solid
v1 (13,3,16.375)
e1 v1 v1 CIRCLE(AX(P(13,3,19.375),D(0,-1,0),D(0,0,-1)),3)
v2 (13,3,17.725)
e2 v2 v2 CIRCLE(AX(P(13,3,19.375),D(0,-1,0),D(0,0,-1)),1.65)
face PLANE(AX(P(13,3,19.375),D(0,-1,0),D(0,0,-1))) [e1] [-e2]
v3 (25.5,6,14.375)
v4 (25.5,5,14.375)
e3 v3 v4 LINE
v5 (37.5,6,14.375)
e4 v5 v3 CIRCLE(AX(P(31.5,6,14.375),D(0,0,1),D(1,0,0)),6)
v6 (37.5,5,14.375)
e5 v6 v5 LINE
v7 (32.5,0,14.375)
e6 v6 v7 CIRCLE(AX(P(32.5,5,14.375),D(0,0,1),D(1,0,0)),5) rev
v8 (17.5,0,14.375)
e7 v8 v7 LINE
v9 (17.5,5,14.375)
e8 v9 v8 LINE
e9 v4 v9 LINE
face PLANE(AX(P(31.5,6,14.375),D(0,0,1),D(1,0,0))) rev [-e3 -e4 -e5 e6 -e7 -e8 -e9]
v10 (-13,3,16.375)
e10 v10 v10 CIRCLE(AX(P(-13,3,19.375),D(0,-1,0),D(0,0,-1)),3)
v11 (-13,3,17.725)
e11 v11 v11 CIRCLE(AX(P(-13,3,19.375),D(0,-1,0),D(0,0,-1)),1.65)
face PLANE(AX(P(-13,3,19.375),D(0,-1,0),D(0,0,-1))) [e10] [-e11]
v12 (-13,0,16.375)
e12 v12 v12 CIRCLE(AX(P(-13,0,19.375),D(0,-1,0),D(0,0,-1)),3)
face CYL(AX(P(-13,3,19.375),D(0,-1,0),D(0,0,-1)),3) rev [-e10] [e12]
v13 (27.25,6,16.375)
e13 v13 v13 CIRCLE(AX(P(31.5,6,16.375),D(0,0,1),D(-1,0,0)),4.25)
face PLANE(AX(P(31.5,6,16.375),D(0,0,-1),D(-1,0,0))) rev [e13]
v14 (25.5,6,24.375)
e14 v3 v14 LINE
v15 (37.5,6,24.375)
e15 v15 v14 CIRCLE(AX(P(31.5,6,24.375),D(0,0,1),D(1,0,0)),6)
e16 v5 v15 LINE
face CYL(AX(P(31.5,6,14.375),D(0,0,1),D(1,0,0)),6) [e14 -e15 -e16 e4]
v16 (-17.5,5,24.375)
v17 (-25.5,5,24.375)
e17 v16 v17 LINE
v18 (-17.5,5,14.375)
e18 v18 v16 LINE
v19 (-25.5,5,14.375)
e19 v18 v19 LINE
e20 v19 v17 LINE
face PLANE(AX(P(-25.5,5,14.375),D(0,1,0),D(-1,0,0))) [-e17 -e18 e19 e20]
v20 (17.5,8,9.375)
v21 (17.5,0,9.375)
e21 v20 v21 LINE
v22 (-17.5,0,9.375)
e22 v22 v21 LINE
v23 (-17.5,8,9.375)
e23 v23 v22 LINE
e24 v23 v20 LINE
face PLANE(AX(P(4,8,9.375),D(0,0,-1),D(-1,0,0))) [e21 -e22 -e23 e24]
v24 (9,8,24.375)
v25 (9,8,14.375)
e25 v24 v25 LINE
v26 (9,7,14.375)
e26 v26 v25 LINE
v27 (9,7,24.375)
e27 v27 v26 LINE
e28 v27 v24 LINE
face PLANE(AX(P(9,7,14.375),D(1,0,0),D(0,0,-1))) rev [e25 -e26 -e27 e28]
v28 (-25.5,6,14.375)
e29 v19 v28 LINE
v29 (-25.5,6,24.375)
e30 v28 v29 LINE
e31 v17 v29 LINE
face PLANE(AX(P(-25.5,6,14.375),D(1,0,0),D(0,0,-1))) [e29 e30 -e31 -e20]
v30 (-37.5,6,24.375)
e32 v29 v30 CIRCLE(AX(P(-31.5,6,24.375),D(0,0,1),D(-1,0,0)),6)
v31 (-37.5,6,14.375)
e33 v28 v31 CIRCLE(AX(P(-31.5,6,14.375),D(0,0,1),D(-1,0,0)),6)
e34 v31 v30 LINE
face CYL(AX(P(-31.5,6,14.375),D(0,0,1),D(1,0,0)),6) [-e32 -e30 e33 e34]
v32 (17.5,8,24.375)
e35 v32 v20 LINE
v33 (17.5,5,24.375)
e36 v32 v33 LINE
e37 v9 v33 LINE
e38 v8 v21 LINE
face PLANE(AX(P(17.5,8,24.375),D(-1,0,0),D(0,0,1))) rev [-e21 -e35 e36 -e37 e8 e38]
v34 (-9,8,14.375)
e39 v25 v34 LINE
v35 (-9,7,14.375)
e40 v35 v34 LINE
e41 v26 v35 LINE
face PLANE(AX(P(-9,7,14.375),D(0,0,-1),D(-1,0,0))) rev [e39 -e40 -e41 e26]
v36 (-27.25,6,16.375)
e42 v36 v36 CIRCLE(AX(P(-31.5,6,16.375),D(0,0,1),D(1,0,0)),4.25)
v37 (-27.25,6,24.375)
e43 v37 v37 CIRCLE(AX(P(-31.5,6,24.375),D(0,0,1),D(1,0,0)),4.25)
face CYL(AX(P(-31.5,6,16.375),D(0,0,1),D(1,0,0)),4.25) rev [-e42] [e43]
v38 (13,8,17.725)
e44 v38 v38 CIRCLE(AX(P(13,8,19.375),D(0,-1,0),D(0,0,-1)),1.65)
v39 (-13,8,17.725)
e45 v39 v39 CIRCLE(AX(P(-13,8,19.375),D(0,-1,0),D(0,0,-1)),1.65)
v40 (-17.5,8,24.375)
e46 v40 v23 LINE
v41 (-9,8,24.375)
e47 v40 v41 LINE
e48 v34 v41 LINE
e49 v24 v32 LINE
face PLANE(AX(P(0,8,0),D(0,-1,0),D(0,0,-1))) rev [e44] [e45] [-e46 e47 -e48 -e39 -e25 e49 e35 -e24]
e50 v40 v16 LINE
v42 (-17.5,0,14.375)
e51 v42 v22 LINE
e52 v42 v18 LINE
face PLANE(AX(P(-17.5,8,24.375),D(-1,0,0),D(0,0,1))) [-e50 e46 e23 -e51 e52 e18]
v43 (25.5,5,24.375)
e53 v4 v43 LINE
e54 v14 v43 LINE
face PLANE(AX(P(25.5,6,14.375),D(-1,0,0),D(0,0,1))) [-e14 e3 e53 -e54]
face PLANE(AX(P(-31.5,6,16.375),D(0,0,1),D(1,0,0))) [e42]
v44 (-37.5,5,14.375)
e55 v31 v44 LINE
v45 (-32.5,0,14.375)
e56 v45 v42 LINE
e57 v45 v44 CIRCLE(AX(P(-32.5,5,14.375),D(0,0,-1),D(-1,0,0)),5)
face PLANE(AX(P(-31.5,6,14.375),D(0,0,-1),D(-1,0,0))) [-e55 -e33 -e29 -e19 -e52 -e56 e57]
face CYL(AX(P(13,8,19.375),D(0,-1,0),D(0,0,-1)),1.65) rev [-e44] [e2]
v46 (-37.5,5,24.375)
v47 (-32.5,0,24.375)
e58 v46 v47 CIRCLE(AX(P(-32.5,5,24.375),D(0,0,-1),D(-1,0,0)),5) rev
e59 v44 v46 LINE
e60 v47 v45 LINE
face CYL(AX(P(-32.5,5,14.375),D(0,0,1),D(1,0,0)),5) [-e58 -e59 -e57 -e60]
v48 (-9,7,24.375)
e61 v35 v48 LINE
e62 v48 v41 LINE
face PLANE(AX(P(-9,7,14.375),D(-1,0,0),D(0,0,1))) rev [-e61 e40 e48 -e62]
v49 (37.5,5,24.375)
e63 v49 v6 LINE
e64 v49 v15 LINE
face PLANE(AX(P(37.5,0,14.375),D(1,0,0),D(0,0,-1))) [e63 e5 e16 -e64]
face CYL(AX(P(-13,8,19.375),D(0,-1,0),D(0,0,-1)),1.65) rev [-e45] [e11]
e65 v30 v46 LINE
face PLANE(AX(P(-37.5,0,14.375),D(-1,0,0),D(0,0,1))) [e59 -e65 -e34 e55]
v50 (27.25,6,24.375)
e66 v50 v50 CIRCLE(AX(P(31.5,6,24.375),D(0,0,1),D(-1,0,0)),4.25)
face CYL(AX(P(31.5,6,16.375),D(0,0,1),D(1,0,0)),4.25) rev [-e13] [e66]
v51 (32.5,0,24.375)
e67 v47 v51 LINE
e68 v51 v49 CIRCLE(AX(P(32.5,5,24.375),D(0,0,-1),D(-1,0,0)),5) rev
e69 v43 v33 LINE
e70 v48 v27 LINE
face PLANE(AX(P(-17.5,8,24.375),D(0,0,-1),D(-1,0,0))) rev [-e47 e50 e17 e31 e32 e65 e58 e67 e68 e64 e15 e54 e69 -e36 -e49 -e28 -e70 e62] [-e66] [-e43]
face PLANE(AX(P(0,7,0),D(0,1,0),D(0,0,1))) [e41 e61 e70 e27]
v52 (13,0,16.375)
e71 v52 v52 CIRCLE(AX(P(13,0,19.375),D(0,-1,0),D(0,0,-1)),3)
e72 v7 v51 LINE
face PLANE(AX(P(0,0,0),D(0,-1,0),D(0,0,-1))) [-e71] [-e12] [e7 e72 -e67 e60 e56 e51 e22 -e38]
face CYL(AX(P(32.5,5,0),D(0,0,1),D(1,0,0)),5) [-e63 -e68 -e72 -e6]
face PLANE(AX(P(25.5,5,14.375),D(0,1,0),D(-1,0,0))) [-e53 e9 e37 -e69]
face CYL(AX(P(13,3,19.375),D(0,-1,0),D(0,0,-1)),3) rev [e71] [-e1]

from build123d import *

# Parameters (mm, degrees)
SKETCH2_W           = 17
SKETCH2_H           = 2.75
BOSS_EXTRUDE1_DEPTH = 8
BOSS_EXTRUDE3_DEPTH = 8
SKETCH5_R           = 3
CUT_EXTRUDE1_DEPTH  = 3
SKETCH6_R           = 1.65
CUT_EXTRUDE2_DEPTH  = 8
FILLET14_R          = 2
FILLET15_R          = 2
FILLET16_R          = 2
SKETCH7_W           = 18
SKETCH7_H           = 10
CUT_EXTRUDE3_DEPTH  = 1
FILLET18_R          = 1.4
BOSS_EXTRUDE4_DEPTH = 10
SKETCH10_R          = 4.25
CUT_EXTRUDE4_DEPTH  = 8
FILLET17_R          = 2
FILLET19_R          = 5
SKETCH11_W          = 35
SKETCH11_H          = 13.55262527
CUT_EXTRUDE5_DEPTH  = 46.43556564


with BuildPart() as part:
    # Sketch2 → Boss-Extrude1 (new body)
    with BuildSketch(Plane(origin=(0, 0, 0), x_dir=(1, 0, 0), z_dir=(0, 1, 0))):
        Rectangle(SKETCH2_W, SKETCH2_H)
    extrude(amount=BOSS_EXTRUDE1_DEPTH)

    # Sketch3 → Boss-Extrude3 (add)
    with BuildSketch(Plane(origin=(0, 0, 0), x_dir=(1, 0, 0), z_dir=(0, 1, 0))):
        Polygon((4, -9.375), (17.5, -9.375), (17.5, -24.375), (-17.5, -24.375), (-17.5, -9.375), (-4, -9.375), (-4, -1.375), (4, -1.375), align=None)
    extrude(amount=BOSS_EXTRUDE3_DEPTH)

    # Sketch5 → Cut-Extrude1 (cut)
    with BuildSketch(Plane.XZ):
        with Locations(Location((13, 19.375, 0), (0, 0, 270))):
            Circle(SKETCH5_R)
        with Locations(Location((-13, 19.375, 0), (0, 0, 270))):
            Circle(SKETCH5_R)
    extrude(amount=-CUT_EXTRUDE1_DEPTH, mode=Mode.SUBTRACT)

    # Sketch6 → Cut-Extrude2 (cut)
    with BuildSketch(Plane.XZ):
        with Locations(Location((-13, 19.375, 0), (0, 0, 270))):
            Circle(SKETCH6_R)
        with Locations(Location((13, 19.375, 0), (0, 0, 270))):
            Circle(SKETCH6_R)
    extrude(amount=-CUT_EXTRUDE2_DEPTH, mode=Mode.SUBTRACT)

    # Fillet14
    fillet14_edges = [part.edges().sort_by_distance(p)[0] for p in [
        (-4, 4, 9.375),
    ]]
    fillet(fillet14_edges, radius=FILLET14_R)

    # Fillet15
    fillet15_edges = [part.edges().sort_by_distance(p)[0] for p in [
        (4, 4, 9.375),
    ]]
    fillet(fillet15_edges, radius=FILLET15_R)

    # Fillet16
    fillet16_edges = [part.edges().sort_by_distance(p)[0] for p in [
        (-4, 4, 1.375),
    ]]
    fillet(fillet16_edges, radius=FILLET16_R)

    # Sketch7 → Cut-Extrude3 (cut)
    with BuildSketch(Plane(origin=(0, 8, 0), x_dir=(1, 0, 0), z_dir=(0, 1, 0))):
        with Locations((0, -19.375)):
            Rectangle(SKETCH7_W, SKETCH7_H)
    extrude(amount=-CUT_EXTRUDE3_DEPTH, mode=Mode.SUBTRACT)

    # Fillet18
    fillet18_edges = [part.edges().sort_by_distance(p)[0] for p in [
        (8.5, 8, 0),
        (-8.5, 8, 0),
        (8.5, 0, 0),
        (-8.5, 0, 0),
    ]]
    fillet(fillet18_edges, radius=FILLET18_R)

    # Sketch9 → Boss-Extrude4 (add)
    with BuildSketch(Plane.XY.offset(24.375)):
        with BuildLine():
            Line((-17.5, 0), (-37.5, 0))
            Line((-37.5, 0), (-37.5, 6))
            ThreePointArc((-37.5, 6), (-31.5, 12), (-25.5, 6))
            Line((-25.5, 6), (-25.5, 5))
            Line((-25.5, 5), (-17.5, 5))
            Line((-17.5, 5), (-17.5, 0))
        make_face()
        with BuildLine():
            Line((25.5, 6), (25.5, 5))
            Line((25.5, 5), (17.5, 5))
            Line((17.5, 5), (17.5, 0))
            Line((17.5, 0), (37.5, 0))
            Line((37.5, 0), (37.5, 6))
            ThreePointArc((37.5, 6), (31.5, 12), (25.5, 6))
        make_face()
    extrude(amount=-BOSS_EXTRUDE4_DEPTH)

    # Sketch10 → Cut-Extrude4 (cut)
    with BuildSketch(Plane.XY.offset(24.375)):
        with Locations((-31.5, 6)):
            Circle(SKETCH10_R)
        with Locations(Location((31.5, 6, 0), (0, 0, 180))):
            Circle(SKETCH10_R)
    extrude(amount=-CUT_EXTRUDE4_DEPTH, mode=Mode.SUBTRACT)

    # Fillet17
    fillet17_edges = [part.edges().sort_by_distance(p)[0] for p in [
        (4, 4, 1.375),
    ]]
    fillet(fillet17_edges, radius=FILLET17_R)

    # Fillet19
    fillet19_edges = [part.edges().sort_by_distance(p)[0] for p in [
        (-37.5, 0, 19.375),
        (37.5, 0, 19.375),
    ]]
    fillet(fillet19_edges, radius=FILLET19_R)

    # Sketch11 → Cut-Extrude5 (cut, through all)
    with BuildSketch(Plane(origin=(0, 8, 0), x_dir=(1, 0, 0), z_dir=(0, 1, 0))):
        with Locations((0, -2.598687365)):
            Rectangle(SKETCH11_W, SKETCH11_H)
    extrude(amount=-CUT_EXTRUDE5_DEPTH, mode=Mode.SUBTRACT)


solid = part.part
